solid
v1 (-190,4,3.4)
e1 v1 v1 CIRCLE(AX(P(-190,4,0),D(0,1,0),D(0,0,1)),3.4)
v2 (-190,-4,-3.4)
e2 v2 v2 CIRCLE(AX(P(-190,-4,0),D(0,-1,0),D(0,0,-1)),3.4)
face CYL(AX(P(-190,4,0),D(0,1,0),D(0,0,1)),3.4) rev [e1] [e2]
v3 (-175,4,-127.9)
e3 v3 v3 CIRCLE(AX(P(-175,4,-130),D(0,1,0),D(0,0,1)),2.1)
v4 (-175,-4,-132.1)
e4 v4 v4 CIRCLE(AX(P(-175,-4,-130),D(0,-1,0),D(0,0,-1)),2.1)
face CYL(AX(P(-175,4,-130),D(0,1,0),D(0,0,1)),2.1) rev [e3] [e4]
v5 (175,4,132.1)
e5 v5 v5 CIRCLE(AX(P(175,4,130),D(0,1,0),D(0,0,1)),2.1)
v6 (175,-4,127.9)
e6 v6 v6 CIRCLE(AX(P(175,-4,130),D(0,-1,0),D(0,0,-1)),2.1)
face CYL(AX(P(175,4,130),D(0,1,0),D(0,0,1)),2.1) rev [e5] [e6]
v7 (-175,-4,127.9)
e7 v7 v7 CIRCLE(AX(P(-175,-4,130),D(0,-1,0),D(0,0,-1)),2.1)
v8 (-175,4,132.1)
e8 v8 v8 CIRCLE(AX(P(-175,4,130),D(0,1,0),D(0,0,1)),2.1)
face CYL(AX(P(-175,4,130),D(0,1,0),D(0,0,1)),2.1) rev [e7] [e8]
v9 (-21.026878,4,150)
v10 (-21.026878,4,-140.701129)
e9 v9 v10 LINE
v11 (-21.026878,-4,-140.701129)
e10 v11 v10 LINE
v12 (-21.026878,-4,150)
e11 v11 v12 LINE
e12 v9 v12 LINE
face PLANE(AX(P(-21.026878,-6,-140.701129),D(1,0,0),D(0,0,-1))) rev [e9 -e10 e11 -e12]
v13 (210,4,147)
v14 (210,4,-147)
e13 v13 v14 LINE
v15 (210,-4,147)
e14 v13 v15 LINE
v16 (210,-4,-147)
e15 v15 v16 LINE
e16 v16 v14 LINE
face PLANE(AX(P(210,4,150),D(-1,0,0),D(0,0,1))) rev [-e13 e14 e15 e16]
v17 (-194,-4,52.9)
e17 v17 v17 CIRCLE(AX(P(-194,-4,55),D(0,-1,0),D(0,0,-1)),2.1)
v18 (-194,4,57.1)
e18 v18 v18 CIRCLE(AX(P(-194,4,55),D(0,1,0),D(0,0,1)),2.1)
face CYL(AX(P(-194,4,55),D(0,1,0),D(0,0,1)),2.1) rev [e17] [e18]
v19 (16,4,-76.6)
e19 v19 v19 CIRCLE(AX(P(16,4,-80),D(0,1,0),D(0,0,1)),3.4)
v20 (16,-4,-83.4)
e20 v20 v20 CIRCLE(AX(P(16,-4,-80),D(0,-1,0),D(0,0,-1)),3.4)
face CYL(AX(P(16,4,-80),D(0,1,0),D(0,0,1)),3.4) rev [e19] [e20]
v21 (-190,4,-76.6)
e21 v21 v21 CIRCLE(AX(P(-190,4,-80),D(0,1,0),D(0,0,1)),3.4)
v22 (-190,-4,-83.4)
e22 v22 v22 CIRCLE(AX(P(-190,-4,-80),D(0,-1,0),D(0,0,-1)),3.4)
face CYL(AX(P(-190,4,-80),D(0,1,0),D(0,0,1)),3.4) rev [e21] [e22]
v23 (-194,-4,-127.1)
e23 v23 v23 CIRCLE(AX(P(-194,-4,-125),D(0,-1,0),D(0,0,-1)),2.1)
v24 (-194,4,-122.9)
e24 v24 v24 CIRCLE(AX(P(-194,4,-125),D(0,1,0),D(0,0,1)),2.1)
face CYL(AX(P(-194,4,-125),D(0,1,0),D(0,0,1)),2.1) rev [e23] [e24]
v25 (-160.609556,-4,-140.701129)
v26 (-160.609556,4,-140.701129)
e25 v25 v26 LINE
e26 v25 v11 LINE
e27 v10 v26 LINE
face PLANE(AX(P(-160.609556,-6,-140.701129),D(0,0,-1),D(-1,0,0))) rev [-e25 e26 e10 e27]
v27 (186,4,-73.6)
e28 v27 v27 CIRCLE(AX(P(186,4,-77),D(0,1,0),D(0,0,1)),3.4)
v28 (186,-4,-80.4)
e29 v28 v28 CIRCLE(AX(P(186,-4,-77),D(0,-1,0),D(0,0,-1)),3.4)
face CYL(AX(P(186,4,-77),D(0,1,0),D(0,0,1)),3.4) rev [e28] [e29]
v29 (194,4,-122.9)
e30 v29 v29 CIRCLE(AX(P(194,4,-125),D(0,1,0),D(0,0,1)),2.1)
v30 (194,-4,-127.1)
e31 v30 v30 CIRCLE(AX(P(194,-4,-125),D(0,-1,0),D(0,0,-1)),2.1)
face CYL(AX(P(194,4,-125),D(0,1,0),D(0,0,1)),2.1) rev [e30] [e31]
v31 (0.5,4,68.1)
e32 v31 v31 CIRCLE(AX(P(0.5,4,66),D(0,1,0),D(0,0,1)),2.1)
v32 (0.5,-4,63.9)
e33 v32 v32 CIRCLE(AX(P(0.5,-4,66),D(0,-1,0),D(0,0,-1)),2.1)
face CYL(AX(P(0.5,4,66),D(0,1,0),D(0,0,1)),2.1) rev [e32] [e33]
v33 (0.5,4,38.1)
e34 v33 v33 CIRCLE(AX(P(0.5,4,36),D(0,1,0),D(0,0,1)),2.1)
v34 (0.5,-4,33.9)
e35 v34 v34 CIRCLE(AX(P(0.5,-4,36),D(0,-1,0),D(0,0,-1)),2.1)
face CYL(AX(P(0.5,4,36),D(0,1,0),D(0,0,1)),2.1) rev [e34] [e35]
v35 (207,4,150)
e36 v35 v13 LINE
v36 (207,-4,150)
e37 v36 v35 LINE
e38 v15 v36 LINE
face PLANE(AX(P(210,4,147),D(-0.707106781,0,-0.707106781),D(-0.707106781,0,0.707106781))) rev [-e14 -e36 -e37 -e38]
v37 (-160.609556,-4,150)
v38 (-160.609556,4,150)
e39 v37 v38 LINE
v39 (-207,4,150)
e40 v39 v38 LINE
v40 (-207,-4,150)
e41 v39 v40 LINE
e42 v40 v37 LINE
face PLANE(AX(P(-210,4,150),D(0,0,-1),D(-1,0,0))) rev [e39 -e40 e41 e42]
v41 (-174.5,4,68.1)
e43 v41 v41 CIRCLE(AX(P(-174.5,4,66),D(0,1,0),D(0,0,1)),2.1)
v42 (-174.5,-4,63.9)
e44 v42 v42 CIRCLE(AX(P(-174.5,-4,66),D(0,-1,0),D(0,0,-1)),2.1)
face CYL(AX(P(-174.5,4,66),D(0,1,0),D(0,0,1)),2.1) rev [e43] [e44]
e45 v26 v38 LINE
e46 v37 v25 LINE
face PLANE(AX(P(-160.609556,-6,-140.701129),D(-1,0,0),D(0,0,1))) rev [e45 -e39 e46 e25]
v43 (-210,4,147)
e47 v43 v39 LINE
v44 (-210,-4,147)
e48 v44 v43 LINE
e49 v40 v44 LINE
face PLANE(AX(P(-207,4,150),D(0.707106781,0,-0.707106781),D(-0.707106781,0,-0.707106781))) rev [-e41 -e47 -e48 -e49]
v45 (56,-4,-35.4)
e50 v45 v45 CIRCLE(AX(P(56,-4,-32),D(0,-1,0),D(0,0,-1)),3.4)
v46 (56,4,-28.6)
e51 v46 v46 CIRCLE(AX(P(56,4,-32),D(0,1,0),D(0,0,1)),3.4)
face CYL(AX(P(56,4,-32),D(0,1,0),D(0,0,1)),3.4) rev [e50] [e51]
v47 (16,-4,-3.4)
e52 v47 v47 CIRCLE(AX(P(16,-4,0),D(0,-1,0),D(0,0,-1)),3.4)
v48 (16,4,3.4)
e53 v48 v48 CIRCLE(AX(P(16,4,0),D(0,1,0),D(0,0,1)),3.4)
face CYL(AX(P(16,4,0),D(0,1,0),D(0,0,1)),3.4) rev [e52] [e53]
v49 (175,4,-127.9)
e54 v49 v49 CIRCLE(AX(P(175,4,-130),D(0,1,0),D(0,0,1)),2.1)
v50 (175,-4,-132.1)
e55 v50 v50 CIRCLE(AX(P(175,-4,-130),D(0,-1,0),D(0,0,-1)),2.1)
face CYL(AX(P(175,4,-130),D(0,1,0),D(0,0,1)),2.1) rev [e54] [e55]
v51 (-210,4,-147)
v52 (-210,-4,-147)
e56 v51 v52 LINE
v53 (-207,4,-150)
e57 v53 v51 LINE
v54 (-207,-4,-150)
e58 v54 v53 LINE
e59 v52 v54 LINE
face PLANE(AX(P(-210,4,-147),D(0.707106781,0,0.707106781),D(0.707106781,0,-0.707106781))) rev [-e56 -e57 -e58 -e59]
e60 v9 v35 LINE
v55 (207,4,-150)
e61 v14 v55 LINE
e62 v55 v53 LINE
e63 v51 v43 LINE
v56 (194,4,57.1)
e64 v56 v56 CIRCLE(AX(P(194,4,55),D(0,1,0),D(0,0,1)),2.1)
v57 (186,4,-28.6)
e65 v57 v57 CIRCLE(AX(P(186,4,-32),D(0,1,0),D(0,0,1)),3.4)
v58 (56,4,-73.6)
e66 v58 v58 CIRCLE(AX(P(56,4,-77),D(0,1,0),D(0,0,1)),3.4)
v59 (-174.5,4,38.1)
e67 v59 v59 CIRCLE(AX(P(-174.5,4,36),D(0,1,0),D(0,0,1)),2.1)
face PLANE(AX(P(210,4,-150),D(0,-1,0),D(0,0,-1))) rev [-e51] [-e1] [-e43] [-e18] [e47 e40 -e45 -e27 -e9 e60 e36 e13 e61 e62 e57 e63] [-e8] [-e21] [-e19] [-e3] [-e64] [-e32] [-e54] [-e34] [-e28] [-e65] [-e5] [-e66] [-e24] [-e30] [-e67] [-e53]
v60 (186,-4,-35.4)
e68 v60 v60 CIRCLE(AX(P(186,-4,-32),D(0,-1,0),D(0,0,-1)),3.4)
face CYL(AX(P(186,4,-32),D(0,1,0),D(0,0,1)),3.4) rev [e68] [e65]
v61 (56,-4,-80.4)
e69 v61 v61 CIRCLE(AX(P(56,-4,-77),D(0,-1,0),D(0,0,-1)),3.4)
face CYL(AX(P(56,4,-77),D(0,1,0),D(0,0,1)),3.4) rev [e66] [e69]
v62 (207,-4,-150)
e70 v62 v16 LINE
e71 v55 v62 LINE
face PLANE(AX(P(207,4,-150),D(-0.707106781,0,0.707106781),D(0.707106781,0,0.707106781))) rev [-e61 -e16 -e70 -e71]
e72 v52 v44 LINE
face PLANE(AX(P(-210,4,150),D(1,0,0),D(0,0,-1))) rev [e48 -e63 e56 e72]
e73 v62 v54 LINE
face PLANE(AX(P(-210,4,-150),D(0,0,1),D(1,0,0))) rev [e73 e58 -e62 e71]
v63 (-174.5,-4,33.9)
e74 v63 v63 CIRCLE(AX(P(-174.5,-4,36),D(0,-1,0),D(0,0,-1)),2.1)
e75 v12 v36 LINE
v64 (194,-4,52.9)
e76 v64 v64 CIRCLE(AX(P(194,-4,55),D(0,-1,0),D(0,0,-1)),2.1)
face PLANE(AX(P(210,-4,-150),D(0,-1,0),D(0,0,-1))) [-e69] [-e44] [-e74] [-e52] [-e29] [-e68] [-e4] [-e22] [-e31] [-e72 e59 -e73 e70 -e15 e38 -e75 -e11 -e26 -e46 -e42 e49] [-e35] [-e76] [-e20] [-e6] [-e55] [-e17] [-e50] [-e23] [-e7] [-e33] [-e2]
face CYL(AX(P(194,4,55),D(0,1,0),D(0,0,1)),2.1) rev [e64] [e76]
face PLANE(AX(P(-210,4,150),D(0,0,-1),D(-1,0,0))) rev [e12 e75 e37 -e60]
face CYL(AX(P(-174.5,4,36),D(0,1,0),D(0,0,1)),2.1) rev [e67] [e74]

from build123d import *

# Parameters (mm, degrees)
SKETCH1_W             = 420
SKETCH1_H             = 300
BOSS_EXTRUDE1_DEPTH   = 4
CHAMFER1_SIZE         = 3
M8_TAPPED_HOLE1_D     = 6.8
M8_TAPPED_HOLE1_DEPTH = 19.75
M8_TAPPED_HOLE1_TIP   = 2.042926105
M5_TAPPED_HOLE1_D     = 4.2
M5_TAPPED_HOLE1_DEPTH = 12.4
M5_TAPPED_HOLE1_TIP   = 1.2618073
SKETCH6_W             = 139.582677991
SKETCH6_H             = 303.771276781
CUT_EXTRUDE1_DEPTH    = 10


with BuildPart() as part:
    # Sketch1 → Boss-Extrude1 (new, symmetric)
    with BuildSketch(Plane(origin=(0, 0, 0), x_dir=(1, 0, 0), z_dir=(0, 1, 0))):
        Rectangle(SKETCH1_W, SKETCH1_H)
    extrude(amount=BOSS_EXTRUDE1_DEPTH, both=True)

    # Chamfer1
    chamfer1_edges = [part.edges().sort_by_distance(p)[0] for p in [
        (210, 0, 150),
        (-210, 0, 150),
        (-210, 0, -150),
        (210, 0, -150),
    ]]
    chamfer(chamfer1_edges, length=CHAMFER1_SIZE)

    # M8 Tapped Hole1
    with Locations(Plane(origin=(-190, 4, -80), x_dir=(0, 0, 1), z_dir=(0, 1, 0))):
        with Locations((0, 0), (0, 206), (80, 206), (80, 0), (48, 246), (48, 376), (3, 376), (3, 246)):
            Hole(M8_TAPPED_HOLE1_D / 2, depth=M8_TAPPED_HOLE1_DEPTH)
            with Locations((0, 0, -(M8_TAPPED_HOLE1_DEPTH + M8_TAPPED_HOLE1_TIP / 2))):  # 118° drill point
                Cone(0, M8_TAPPED_HOLE1_D / 2, M8_TAPPED_HOLE1_TIP, mode=Mode.SUBTRACT)

    # M5 Tapped Hole1
    with Locations(Plane(origin=(0, 4, 0), x_dir=(-1, 0, 0), z_dir=(0, 1, 0))):
        with Locations((175, 130), (-175, 130), (-175, -130), (175, -130), (194, -125), (194, 55), (-194, 55), (-194, -125), (174.5, 66), (174.5, 36), (-0.5, 36), (-0.5, 66)):
            Hole(M5_TAPPED_HOLE1_D / 2, depth=M5_TAPPED_HOLE1_DEPTH)
            with Locations((0, 0, -(M5_TAPPED_HOLE1_DEPTH + M5_TAPPED_HOLE1_TIP / 2))):  # 118° drill point
                Cone(0, M5_TAPPED_HOLE1_D / 2, M5_TAPPED_HOLE1_TIP, mode=Mode.SUBTRACT)

    # Sketch6 → Cut-Extrude1 (cut)
    with BuildSketch(Plane(origin=(0, 4, 0), x_dir=(1, 0, 0), z_dir=(0, 1, 0))):
        with Locations((-90.81821677, -11.184509455)):
            Rectangle(SKETCH6_W, SKETCH6_H)
    extrude(amount=-CUT_EXTRUDE1_DEPTH, mode=Mode.SUBTRACT)


solid = part.part
